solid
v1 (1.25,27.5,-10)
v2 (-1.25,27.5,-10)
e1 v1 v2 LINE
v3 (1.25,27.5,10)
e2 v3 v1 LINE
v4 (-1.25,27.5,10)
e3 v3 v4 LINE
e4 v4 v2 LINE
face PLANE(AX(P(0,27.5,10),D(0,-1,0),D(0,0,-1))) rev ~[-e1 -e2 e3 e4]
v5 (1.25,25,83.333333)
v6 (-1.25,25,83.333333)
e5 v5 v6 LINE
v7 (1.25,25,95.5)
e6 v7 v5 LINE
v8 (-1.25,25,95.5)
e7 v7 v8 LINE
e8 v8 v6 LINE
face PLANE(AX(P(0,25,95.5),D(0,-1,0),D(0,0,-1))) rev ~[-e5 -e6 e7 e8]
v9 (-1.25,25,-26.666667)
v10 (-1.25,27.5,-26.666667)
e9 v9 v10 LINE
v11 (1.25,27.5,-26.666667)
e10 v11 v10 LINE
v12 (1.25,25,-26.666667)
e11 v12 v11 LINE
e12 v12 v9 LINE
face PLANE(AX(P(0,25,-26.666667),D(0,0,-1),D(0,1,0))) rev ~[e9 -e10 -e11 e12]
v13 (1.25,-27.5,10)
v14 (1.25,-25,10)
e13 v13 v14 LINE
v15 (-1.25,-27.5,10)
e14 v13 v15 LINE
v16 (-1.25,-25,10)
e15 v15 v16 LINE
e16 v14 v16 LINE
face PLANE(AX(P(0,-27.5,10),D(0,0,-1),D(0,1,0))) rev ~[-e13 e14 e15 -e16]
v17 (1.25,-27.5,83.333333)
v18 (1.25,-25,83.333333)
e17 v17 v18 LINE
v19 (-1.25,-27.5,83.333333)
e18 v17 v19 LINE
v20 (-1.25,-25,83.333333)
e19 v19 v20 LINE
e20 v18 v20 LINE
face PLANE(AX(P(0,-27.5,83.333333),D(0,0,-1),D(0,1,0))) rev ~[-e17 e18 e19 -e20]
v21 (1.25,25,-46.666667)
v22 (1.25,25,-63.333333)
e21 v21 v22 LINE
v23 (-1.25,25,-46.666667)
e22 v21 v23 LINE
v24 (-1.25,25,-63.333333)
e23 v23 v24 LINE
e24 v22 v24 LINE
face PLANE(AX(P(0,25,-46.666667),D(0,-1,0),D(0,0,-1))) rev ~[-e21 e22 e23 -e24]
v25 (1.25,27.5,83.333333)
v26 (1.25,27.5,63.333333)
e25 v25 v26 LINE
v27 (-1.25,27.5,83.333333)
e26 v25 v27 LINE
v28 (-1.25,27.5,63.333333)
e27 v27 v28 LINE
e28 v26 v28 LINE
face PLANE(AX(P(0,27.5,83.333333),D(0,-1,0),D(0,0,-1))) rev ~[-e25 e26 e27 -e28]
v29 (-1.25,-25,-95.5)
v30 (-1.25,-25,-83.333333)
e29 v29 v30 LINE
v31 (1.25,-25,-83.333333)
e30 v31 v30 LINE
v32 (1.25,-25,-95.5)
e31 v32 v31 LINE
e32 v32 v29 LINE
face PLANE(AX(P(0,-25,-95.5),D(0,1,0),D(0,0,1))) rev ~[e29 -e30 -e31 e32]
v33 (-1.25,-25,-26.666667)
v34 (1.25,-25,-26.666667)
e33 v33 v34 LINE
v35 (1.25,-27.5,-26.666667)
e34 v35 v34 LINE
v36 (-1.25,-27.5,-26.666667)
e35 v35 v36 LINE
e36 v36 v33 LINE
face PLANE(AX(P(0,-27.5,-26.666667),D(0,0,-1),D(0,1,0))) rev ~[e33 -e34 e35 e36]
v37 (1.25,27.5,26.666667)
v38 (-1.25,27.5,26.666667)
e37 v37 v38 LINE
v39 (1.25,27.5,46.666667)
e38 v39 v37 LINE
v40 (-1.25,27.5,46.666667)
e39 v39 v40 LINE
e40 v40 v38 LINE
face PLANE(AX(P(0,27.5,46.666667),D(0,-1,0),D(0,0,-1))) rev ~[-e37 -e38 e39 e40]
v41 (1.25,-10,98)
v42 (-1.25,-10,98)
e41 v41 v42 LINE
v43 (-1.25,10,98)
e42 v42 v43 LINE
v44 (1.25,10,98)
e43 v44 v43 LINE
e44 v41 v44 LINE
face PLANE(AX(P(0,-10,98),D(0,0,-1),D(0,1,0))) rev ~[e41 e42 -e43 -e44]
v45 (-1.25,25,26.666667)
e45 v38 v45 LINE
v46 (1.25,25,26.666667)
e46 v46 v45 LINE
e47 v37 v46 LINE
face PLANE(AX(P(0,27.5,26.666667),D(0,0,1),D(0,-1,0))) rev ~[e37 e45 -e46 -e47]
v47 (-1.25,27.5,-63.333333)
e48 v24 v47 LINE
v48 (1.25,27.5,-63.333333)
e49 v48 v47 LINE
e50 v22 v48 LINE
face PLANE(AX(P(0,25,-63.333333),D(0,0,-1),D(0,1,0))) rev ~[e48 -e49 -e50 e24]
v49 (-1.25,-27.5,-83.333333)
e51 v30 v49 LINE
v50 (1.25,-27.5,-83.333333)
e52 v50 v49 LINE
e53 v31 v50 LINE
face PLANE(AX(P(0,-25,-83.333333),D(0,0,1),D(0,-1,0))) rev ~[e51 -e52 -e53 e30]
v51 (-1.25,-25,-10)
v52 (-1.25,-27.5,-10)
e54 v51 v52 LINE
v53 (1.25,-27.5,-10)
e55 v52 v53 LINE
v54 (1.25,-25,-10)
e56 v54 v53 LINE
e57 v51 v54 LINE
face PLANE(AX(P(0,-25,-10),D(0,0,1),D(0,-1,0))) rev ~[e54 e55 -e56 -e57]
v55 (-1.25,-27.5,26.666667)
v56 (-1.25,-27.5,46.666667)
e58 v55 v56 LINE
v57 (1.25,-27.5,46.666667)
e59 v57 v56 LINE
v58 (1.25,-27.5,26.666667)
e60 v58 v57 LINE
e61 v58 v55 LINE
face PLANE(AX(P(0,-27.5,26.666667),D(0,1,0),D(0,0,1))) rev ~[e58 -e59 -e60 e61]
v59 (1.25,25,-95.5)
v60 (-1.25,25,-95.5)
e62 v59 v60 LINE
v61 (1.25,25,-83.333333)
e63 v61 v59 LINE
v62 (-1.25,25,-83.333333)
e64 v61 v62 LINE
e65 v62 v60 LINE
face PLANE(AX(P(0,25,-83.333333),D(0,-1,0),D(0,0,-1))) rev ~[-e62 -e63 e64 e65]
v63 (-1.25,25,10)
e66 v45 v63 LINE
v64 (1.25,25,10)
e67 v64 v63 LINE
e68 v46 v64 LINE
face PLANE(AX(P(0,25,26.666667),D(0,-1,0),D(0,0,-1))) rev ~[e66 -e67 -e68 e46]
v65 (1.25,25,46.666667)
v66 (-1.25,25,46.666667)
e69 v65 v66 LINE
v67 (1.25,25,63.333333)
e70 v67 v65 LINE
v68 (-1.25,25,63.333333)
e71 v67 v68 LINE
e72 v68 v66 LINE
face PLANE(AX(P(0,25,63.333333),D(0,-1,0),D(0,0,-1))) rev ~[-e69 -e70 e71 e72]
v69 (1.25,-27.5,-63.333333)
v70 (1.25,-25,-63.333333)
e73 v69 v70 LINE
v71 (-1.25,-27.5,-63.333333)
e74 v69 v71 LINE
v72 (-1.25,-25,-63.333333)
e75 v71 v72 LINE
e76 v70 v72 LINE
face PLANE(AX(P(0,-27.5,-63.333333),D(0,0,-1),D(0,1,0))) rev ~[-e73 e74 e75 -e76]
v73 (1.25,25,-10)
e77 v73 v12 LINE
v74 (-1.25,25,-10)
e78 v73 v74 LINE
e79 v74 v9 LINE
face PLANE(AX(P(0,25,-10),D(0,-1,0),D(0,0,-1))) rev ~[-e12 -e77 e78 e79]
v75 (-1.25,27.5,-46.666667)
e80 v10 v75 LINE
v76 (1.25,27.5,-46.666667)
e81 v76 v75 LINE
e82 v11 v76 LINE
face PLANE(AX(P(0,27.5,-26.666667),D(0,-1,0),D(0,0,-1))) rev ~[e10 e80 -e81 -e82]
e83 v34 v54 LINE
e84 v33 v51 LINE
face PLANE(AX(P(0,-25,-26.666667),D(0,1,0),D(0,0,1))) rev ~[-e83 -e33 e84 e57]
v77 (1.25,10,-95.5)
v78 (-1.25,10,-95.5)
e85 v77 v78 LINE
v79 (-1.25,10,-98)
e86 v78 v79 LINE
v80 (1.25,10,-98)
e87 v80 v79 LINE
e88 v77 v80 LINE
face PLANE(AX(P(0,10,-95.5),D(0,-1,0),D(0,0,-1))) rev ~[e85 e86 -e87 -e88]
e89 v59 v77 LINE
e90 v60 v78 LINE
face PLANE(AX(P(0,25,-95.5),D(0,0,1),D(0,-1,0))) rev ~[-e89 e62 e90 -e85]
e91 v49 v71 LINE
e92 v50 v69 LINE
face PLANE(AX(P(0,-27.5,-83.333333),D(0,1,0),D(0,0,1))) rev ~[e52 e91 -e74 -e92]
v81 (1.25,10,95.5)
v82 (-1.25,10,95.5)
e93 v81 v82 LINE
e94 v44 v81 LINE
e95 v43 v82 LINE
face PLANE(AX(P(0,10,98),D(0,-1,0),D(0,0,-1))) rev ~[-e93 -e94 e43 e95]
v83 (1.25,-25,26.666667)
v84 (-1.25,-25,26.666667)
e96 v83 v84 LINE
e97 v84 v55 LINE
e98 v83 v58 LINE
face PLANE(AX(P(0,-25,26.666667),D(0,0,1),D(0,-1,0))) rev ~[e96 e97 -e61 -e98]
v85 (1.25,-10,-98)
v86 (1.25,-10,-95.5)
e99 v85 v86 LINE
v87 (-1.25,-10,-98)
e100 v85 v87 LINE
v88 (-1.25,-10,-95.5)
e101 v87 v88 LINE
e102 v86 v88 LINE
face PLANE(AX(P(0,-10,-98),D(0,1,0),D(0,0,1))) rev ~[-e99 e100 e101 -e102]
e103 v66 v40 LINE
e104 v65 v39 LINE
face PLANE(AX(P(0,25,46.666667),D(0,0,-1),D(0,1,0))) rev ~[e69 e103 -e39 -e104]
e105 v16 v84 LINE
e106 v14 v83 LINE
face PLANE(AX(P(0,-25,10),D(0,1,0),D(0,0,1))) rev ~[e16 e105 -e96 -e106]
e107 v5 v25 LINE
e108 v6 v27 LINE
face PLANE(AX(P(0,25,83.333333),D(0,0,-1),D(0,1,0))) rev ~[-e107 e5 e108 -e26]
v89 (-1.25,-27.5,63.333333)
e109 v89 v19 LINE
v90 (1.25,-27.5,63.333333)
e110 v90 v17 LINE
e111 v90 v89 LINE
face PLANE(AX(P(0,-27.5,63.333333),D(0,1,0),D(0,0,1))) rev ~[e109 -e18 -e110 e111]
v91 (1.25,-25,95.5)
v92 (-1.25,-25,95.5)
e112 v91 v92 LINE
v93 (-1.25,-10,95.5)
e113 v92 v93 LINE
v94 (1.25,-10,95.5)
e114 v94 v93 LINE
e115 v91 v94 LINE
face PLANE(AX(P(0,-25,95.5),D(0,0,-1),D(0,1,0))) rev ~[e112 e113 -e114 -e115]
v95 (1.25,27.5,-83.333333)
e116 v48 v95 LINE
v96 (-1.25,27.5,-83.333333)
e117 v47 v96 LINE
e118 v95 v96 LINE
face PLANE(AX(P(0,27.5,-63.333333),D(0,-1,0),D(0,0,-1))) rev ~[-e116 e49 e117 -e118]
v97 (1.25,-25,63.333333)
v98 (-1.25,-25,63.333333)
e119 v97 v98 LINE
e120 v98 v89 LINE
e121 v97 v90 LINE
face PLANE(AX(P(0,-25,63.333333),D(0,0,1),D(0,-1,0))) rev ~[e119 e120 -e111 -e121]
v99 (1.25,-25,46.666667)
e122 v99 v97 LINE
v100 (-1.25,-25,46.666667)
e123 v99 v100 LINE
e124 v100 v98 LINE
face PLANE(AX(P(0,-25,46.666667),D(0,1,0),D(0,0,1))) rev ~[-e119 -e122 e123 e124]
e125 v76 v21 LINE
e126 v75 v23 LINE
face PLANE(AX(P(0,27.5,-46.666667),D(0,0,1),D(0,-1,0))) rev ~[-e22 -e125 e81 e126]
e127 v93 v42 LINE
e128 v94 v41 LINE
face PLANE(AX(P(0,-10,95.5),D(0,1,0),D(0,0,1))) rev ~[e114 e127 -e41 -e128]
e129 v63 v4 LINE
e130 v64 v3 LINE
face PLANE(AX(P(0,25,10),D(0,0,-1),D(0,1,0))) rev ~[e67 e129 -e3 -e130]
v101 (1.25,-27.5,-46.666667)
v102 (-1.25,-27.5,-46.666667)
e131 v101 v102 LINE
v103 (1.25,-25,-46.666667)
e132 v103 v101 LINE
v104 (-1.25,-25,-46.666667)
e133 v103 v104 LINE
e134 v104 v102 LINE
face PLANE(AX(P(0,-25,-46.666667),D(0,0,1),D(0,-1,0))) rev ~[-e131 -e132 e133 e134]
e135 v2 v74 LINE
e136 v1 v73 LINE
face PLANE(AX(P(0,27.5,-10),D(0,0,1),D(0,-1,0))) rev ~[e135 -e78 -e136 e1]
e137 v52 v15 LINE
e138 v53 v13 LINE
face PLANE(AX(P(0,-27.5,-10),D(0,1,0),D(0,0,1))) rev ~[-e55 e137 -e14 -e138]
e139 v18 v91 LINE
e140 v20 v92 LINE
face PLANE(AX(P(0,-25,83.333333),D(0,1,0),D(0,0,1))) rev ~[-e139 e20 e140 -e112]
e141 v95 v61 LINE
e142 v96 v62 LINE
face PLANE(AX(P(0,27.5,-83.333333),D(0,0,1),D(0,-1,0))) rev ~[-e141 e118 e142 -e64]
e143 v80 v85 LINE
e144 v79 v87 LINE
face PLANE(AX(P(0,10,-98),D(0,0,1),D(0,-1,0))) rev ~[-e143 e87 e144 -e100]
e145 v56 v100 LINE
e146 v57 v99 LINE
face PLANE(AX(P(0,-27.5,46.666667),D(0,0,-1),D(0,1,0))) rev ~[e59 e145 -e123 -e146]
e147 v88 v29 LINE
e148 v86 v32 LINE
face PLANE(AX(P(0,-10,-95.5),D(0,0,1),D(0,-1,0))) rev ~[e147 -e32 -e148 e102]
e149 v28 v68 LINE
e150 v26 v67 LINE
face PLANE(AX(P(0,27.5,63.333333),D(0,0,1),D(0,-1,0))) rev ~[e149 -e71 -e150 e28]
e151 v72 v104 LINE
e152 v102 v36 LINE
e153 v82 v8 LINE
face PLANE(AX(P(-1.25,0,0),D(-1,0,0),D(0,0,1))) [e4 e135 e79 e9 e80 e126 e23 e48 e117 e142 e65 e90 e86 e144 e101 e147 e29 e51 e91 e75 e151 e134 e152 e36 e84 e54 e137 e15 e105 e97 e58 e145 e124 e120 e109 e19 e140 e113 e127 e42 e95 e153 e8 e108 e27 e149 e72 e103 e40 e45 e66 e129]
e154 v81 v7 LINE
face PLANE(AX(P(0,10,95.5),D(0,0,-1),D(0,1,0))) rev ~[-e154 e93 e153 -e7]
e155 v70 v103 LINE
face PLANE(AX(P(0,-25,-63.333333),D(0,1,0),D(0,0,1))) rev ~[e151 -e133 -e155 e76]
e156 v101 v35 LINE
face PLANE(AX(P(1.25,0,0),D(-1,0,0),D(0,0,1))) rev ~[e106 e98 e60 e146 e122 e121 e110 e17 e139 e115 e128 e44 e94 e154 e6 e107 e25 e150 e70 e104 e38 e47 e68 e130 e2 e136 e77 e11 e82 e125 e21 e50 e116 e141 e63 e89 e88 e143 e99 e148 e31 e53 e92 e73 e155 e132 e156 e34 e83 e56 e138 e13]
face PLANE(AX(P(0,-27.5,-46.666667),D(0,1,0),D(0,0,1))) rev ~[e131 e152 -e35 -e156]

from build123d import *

# Parameters (mm, degrees)
BOSS_EXTRUDE1_DEPTH = 1.25


with BuildPart() as part:
    # Sketch1 → Boss-Extrude1 (new, symmetric)
    with BuildSketch(Plane(origin=(0, 0, 0), x_dir=(0, 0, -1), z_dir=(1, 0, 0))):
        Polygon((10, -27.5), (-10, -27.5), (-10, -25), (-26.666666667, -25), (-26.666666667, -27.5), (-46.666666667, -27.5), (-46.666666667, -25), (-63.333333333, -25), (-63.333333333, -27.5), (-83.333333333, -27.5), (-83.333333333, -25), (-95.5, -25), (-95.5, -10), (-98, -10), (-98, 10), (-95.5, 10), (-95.5, 25), (-83.333333333, 25), (-83.333333333, 27.5), (-63.333333333, 27.5), (-63.333333333, 25), (-46.666666667, 25), (-46.666666667, 27.5), (-26.666666667, 27.5), (-26.666666667, 25), (-10, 25), (-10, 27.5), (10, 27.5), (10, 25), (26.666666667, 25), (26.666666667, 27.5), (46.666666667, 27.5), (46.666666667, 25), (63.333333333, 25), (63.333333333, 27.5), (83.333333333, 27.5), (83.333333333, 25), (95.5, 25), (95.5, 10), (98, 10), (98, -10), (95.5, -10), (95.5, -25), (83.333333333, -25), (83.333333333, -27.5), (63.333333333, -27.5), (63.333333333, -25), (46.666666667, -25), (46.666666667, -27.5), (26.666666667, -27.5), (26.666666667, -25), (10, -25), align=None)
    extrude(amount=BOSS_EXTRUDE1_DEPTH, both=True)


solid = part.part
